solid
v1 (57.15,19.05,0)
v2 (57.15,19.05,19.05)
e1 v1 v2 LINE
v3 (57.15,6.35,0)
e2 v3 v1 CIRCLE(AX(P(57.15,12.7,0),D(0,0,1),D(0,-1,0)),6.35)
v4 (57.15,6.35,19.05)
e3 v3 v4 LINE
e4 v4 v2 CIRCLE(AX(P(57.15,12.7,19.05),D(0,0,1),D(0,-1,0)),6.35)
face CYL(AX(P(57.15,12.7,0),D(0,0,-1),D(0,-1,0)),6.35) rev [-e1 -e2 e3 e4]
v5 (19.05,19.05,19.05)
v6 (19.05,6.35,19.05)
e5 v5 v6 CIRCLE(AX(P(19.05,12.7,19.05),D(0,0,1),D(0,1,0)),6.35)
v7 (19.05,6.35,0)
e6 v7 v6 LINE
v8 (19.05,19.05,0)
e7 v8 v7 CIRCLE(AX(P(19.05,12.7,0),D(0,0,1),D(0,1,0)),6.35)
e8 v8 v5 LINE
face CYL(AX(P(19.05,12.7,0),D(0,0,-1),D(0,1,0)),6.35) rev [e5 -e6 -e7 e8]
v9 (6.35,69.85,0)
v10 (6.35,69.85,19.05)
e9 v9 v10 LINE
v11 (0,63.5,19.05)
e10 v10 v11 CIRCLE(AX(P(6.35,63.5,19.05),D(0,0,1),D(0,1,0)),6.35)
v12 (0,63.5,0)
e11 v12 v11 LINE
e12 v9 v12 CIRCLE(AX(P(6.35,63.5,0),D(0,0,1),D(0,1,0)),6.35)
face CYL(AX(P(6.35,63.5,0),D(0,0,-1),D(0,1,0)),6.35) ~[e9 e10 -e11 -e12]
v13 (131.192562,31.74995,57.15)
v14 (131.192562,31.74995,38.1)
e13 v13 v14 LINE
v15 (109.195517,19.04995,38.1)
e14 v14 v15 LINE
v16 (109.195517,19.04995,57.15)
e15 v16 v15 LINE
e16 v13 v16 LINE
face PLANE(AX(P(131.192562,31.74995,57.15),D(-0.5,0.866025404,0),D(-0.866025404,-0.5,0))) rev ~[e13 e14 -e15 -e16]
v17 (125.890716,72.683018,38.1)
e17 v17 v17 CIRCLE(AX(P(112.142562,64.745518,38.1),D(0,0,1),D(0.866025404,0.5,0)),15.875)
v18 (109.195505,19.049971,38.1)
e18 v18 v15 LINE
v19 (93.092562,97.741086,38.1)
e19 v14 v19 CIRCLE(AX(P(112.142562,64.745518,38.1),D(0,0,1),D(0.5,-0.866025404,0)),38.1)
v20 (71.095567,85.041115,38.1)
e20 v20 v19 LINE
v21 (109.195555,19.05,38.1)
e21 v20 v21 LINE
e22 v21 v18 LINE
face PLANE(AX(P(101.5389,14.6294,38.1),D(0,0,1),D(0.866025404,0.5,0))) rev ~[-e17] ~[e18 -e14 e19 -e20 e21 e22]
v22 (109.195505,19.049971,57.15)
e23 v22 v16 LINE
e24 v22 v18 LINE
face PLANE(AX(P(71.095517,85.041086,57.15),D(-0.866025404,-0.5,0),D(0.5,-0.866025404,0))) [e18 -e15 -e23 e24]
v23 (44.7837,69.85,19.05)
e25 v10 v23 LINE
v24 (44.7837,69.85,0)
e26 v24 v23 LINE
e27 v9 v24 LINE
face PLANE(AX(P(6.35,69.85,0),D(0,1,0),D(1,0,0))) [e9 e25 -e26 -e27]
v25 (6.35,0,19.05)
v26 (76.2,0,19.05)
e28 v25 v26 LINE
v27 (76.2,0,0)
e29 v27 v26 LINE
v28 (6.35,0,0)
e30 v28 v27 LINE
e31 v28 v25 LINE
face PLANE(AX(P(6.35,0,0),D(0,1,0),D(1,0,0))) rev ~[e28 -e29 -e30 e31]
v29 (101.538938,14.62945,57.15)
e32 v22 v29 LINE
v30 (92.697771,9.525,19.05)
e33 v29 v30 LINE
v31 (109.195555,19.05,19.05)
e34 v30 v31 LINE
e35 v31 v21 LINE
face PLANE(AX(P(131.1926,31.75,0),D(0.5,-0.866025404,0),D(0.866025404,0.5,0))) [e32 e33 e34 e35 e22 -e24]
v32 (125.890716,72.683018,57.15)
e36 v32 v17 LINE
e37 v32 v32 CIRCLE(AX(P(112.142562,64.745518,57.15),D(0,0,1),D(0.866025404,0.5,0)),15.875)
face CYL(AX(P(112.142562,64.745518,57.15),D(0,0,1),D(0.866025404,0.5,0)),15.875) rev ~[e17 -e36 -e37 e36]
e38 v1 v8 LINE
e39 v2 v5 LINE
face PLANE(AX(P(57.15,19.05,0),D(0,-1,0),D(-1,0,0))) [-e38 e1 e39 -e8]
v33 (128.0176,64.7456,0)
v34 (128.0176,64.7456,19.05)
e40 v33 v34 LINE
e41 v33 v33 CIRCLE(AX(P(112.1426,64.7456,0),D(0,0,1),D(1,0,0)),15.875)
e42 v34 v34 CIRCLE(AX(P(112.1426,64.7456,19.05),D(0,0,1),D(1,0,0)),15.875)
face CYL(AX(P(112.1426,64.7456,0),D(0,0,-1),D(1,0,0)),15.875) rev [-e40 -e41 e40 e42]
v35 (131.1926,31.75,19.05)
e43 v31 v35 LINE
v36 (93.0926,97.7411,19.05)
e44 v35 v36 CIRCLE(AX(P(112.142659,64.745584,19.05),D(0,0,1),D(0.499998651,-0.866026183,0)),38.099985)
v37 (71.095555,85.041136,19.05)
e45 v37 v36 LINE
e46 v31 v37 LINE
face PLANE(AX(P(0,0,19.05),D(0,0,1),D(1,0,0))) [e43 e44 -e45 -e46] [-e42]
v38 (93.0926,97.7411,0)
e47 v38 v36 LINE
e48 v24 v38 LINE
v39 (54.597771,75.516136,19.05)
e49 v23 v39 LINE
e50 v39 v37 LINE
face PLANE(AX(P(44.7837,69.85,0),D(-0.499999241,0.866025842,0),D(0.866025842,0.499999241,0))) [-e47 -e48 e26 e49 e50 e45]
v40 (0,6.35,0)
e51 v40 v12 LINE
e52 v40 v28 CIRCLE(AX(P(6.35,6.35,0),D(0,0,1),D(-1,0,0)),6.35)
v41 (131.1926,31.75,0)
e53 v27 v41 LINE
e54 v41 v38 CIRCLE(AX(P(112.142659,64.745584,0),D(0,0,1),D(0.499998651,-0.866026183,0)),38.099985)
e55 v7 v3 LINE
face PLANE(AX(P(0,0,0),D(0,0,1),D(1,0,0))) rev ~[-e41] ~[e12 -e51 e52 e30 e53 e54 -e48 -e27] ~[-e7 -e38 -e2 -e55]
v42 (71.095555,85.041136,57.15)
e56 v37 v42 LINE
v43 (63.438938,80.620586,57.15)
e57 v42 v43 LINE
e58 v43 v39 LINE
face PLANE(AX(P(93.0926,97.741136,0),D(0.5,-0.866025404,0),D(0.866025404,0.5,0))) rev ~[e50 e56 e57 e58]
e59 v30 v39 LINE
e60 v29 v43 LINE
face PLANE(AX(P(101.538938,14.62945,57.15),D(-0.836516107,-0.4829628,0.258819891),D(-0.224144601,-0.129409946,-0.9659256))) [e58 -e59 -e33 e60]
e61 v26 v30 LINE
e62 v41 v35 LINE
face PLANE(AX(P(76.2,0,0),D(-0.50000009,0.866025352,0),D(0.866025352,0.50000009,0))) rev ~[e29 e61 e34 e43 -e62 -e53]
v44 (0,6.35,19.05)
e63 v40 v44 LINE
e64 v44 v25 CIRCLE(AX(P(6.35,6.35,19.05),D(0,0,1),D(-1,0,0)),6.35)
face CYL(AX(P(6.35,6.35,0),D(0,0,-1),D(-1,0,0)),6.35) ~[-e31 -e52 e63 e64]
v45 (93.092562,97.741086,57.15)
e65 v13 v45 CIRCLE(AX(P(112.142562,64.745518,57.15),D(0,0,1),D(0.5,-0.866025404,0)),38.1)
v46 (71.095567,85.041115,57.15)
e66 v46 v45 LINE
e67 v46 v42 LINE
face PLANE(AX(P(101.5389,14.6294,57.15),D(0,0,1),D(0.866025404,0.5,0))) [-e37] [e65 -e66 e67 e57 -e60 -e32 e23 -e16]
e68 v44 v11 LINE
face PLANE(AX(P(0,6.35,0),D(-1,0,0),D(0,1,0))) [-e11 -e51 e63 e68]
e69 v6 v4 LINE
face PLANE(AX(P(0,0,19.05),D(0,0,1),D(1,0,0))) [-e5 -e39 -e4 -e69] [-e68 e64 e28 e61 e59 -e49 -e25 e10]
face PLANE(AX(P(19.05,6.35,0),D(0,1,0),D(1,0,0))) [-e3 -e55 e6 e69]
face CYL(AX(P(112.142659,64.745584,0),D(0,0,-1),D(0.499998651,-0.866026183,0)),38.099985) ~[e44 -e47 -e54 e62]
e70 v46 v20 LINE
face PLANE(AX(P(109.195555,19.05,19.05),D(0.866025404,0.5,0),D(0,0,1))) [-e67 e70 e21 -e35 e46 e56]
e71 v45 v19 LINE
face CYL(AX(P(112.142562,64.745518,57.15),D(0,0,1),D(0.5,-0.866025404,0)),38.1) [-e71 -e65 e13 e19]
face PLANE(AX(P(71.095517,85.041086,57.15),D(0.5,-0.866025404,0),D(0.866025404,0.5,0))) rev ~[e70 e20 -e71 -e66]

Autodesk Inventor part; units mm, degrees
ref_plane "YZ Plane" through (0, 0, 0) normal (1, 0, 0) x (0, 1, 0)
ref_plane "XZ Plane" through (0, 0, 0) normal (0, 1, 0) x (-1, 0, 0)
ref_plane "XY Plane" through (0, 0, 0) normal (0, 0, 1) x (1, 0, 0)
sketch "Sketch1" plane through (0, 0, 0) normal (0, 0, 1) x (1, 0, 0)
  line L0 (6.35, 0) -> (76.2, 0)
  line L1 (76.2, 0) -> (131.1926, 31.75)
  line L2 (0, 6.35) -> (0, 63.5)
  line L3 (44.7837, 69.85) -> (93.0926, 97.7411)
  arc A0 (131.1926, 31.75) -> (93.0926, 97.7411) centre (112.1426, 64.7456) ccw
  line L4 (6.35, 69.85) -> (44.7837, 69.85)
  circle A1 centre (112.1426, 64.7456) radius 15.875
  arc A2 (6.35, 69.85) -> (0, 63.5) centre (6.35, 63.5) ccw
  arc A3 (0, 6.35) -> (6.35, 0) centre (6.35, 6.35) ccw
  line L5 (19.05, 12.7) -> (57.15, 12.7) construction
  line L6 (19.05, 6.35) -> (57.15, 6.35)
  line L7 (57.15, 19.05) -> (19.05, 19.05)
  arc A4 (19.05, 19.05) -> (19.05, 6.35) centre (19.05, 12.7) ccw
  arc A5 (57.15, 6.35) -> (57.15, 19.05) centre (57.15, 12.7) ccw
  point P0 (0, 0)
  point P1 (0, 69.85)
  point P2 (38.1, 12.7)
  dimension "d0" = 76.2
  dimension "d1" = 69.85
  dimension "d2" = 30
  dimension "d3" = 38.1
  dimension "d4" = 63.5
  dimension "d5" = 31.75
  dimension "d6" = 6.35
  dimension "d7" = 38.1
  dimension "d8" = 12.7
  dimension "d9" = 12.7
  dimension "d10" = 19.05
extrude "Extrusion1" add sketch "Sketch1" along normal blind 19.05
sketch "Sketch2" plane through (131.1926, 31.75, 0) normal (0.5, -0.866, 0) x (0.866, 0.5, 0)
  line L0 (-63.5, 19.05) -> (0, 19.05) projected
  line L1 (0, 0) -> (-63.5, 0) projected
  line L2 (-25.4, 19.05) -> (-25.4, 57.15)
  line L3 (-25.4, 57.15) -> (-34.2411, 57.15)
  line L4 (-34.2411, 57.15) -> (-44.45, 19.05)
  point P0 (-129.4911, 0)
  dimension "d16" = 57.15
  dimension "d17" = 75
  dimension "d18" = 19.05
  dimension "d19" = 38.1
extrude "Extrusion2" add sketch "Sketch2" against normal blind 76.2
sketch "Sketch3" plane through (101.5389, 14.6294, 57.15) normal (0, 0, 1) x (0.866, 0.5, 0)
  arc A0 (34.2411, 0) -> (34.2411, 76.2) centre (34.2411, 38.1) ccw projected
  circle A1 centre (34.2411, 38.1) radius 15.875
  arc A2 (34.2411, 0) -> (34.2411, 76.2) centre (34.2411, 38.1) ccw
  line L0 (8.8411, 76.2) -> (34.2411, 76.2)
  line L1 (34.2411, 0) -> (-29.2589, 0) projected
  line L2 (8.8411, 0) -> (34.2411, 0)
  line L3 (8.8411, 76.2) -> (8.8411, 0)
  point P0 (-95.25, 38.1)
  dimension "d25" = 31.75
  dimension "d26" = 76.2
extrude "Extrusion3" add sketch "Sketch3" against normal blind 19.05
properties part number "HW 7 Part 2" material "Steel, Carbon"
